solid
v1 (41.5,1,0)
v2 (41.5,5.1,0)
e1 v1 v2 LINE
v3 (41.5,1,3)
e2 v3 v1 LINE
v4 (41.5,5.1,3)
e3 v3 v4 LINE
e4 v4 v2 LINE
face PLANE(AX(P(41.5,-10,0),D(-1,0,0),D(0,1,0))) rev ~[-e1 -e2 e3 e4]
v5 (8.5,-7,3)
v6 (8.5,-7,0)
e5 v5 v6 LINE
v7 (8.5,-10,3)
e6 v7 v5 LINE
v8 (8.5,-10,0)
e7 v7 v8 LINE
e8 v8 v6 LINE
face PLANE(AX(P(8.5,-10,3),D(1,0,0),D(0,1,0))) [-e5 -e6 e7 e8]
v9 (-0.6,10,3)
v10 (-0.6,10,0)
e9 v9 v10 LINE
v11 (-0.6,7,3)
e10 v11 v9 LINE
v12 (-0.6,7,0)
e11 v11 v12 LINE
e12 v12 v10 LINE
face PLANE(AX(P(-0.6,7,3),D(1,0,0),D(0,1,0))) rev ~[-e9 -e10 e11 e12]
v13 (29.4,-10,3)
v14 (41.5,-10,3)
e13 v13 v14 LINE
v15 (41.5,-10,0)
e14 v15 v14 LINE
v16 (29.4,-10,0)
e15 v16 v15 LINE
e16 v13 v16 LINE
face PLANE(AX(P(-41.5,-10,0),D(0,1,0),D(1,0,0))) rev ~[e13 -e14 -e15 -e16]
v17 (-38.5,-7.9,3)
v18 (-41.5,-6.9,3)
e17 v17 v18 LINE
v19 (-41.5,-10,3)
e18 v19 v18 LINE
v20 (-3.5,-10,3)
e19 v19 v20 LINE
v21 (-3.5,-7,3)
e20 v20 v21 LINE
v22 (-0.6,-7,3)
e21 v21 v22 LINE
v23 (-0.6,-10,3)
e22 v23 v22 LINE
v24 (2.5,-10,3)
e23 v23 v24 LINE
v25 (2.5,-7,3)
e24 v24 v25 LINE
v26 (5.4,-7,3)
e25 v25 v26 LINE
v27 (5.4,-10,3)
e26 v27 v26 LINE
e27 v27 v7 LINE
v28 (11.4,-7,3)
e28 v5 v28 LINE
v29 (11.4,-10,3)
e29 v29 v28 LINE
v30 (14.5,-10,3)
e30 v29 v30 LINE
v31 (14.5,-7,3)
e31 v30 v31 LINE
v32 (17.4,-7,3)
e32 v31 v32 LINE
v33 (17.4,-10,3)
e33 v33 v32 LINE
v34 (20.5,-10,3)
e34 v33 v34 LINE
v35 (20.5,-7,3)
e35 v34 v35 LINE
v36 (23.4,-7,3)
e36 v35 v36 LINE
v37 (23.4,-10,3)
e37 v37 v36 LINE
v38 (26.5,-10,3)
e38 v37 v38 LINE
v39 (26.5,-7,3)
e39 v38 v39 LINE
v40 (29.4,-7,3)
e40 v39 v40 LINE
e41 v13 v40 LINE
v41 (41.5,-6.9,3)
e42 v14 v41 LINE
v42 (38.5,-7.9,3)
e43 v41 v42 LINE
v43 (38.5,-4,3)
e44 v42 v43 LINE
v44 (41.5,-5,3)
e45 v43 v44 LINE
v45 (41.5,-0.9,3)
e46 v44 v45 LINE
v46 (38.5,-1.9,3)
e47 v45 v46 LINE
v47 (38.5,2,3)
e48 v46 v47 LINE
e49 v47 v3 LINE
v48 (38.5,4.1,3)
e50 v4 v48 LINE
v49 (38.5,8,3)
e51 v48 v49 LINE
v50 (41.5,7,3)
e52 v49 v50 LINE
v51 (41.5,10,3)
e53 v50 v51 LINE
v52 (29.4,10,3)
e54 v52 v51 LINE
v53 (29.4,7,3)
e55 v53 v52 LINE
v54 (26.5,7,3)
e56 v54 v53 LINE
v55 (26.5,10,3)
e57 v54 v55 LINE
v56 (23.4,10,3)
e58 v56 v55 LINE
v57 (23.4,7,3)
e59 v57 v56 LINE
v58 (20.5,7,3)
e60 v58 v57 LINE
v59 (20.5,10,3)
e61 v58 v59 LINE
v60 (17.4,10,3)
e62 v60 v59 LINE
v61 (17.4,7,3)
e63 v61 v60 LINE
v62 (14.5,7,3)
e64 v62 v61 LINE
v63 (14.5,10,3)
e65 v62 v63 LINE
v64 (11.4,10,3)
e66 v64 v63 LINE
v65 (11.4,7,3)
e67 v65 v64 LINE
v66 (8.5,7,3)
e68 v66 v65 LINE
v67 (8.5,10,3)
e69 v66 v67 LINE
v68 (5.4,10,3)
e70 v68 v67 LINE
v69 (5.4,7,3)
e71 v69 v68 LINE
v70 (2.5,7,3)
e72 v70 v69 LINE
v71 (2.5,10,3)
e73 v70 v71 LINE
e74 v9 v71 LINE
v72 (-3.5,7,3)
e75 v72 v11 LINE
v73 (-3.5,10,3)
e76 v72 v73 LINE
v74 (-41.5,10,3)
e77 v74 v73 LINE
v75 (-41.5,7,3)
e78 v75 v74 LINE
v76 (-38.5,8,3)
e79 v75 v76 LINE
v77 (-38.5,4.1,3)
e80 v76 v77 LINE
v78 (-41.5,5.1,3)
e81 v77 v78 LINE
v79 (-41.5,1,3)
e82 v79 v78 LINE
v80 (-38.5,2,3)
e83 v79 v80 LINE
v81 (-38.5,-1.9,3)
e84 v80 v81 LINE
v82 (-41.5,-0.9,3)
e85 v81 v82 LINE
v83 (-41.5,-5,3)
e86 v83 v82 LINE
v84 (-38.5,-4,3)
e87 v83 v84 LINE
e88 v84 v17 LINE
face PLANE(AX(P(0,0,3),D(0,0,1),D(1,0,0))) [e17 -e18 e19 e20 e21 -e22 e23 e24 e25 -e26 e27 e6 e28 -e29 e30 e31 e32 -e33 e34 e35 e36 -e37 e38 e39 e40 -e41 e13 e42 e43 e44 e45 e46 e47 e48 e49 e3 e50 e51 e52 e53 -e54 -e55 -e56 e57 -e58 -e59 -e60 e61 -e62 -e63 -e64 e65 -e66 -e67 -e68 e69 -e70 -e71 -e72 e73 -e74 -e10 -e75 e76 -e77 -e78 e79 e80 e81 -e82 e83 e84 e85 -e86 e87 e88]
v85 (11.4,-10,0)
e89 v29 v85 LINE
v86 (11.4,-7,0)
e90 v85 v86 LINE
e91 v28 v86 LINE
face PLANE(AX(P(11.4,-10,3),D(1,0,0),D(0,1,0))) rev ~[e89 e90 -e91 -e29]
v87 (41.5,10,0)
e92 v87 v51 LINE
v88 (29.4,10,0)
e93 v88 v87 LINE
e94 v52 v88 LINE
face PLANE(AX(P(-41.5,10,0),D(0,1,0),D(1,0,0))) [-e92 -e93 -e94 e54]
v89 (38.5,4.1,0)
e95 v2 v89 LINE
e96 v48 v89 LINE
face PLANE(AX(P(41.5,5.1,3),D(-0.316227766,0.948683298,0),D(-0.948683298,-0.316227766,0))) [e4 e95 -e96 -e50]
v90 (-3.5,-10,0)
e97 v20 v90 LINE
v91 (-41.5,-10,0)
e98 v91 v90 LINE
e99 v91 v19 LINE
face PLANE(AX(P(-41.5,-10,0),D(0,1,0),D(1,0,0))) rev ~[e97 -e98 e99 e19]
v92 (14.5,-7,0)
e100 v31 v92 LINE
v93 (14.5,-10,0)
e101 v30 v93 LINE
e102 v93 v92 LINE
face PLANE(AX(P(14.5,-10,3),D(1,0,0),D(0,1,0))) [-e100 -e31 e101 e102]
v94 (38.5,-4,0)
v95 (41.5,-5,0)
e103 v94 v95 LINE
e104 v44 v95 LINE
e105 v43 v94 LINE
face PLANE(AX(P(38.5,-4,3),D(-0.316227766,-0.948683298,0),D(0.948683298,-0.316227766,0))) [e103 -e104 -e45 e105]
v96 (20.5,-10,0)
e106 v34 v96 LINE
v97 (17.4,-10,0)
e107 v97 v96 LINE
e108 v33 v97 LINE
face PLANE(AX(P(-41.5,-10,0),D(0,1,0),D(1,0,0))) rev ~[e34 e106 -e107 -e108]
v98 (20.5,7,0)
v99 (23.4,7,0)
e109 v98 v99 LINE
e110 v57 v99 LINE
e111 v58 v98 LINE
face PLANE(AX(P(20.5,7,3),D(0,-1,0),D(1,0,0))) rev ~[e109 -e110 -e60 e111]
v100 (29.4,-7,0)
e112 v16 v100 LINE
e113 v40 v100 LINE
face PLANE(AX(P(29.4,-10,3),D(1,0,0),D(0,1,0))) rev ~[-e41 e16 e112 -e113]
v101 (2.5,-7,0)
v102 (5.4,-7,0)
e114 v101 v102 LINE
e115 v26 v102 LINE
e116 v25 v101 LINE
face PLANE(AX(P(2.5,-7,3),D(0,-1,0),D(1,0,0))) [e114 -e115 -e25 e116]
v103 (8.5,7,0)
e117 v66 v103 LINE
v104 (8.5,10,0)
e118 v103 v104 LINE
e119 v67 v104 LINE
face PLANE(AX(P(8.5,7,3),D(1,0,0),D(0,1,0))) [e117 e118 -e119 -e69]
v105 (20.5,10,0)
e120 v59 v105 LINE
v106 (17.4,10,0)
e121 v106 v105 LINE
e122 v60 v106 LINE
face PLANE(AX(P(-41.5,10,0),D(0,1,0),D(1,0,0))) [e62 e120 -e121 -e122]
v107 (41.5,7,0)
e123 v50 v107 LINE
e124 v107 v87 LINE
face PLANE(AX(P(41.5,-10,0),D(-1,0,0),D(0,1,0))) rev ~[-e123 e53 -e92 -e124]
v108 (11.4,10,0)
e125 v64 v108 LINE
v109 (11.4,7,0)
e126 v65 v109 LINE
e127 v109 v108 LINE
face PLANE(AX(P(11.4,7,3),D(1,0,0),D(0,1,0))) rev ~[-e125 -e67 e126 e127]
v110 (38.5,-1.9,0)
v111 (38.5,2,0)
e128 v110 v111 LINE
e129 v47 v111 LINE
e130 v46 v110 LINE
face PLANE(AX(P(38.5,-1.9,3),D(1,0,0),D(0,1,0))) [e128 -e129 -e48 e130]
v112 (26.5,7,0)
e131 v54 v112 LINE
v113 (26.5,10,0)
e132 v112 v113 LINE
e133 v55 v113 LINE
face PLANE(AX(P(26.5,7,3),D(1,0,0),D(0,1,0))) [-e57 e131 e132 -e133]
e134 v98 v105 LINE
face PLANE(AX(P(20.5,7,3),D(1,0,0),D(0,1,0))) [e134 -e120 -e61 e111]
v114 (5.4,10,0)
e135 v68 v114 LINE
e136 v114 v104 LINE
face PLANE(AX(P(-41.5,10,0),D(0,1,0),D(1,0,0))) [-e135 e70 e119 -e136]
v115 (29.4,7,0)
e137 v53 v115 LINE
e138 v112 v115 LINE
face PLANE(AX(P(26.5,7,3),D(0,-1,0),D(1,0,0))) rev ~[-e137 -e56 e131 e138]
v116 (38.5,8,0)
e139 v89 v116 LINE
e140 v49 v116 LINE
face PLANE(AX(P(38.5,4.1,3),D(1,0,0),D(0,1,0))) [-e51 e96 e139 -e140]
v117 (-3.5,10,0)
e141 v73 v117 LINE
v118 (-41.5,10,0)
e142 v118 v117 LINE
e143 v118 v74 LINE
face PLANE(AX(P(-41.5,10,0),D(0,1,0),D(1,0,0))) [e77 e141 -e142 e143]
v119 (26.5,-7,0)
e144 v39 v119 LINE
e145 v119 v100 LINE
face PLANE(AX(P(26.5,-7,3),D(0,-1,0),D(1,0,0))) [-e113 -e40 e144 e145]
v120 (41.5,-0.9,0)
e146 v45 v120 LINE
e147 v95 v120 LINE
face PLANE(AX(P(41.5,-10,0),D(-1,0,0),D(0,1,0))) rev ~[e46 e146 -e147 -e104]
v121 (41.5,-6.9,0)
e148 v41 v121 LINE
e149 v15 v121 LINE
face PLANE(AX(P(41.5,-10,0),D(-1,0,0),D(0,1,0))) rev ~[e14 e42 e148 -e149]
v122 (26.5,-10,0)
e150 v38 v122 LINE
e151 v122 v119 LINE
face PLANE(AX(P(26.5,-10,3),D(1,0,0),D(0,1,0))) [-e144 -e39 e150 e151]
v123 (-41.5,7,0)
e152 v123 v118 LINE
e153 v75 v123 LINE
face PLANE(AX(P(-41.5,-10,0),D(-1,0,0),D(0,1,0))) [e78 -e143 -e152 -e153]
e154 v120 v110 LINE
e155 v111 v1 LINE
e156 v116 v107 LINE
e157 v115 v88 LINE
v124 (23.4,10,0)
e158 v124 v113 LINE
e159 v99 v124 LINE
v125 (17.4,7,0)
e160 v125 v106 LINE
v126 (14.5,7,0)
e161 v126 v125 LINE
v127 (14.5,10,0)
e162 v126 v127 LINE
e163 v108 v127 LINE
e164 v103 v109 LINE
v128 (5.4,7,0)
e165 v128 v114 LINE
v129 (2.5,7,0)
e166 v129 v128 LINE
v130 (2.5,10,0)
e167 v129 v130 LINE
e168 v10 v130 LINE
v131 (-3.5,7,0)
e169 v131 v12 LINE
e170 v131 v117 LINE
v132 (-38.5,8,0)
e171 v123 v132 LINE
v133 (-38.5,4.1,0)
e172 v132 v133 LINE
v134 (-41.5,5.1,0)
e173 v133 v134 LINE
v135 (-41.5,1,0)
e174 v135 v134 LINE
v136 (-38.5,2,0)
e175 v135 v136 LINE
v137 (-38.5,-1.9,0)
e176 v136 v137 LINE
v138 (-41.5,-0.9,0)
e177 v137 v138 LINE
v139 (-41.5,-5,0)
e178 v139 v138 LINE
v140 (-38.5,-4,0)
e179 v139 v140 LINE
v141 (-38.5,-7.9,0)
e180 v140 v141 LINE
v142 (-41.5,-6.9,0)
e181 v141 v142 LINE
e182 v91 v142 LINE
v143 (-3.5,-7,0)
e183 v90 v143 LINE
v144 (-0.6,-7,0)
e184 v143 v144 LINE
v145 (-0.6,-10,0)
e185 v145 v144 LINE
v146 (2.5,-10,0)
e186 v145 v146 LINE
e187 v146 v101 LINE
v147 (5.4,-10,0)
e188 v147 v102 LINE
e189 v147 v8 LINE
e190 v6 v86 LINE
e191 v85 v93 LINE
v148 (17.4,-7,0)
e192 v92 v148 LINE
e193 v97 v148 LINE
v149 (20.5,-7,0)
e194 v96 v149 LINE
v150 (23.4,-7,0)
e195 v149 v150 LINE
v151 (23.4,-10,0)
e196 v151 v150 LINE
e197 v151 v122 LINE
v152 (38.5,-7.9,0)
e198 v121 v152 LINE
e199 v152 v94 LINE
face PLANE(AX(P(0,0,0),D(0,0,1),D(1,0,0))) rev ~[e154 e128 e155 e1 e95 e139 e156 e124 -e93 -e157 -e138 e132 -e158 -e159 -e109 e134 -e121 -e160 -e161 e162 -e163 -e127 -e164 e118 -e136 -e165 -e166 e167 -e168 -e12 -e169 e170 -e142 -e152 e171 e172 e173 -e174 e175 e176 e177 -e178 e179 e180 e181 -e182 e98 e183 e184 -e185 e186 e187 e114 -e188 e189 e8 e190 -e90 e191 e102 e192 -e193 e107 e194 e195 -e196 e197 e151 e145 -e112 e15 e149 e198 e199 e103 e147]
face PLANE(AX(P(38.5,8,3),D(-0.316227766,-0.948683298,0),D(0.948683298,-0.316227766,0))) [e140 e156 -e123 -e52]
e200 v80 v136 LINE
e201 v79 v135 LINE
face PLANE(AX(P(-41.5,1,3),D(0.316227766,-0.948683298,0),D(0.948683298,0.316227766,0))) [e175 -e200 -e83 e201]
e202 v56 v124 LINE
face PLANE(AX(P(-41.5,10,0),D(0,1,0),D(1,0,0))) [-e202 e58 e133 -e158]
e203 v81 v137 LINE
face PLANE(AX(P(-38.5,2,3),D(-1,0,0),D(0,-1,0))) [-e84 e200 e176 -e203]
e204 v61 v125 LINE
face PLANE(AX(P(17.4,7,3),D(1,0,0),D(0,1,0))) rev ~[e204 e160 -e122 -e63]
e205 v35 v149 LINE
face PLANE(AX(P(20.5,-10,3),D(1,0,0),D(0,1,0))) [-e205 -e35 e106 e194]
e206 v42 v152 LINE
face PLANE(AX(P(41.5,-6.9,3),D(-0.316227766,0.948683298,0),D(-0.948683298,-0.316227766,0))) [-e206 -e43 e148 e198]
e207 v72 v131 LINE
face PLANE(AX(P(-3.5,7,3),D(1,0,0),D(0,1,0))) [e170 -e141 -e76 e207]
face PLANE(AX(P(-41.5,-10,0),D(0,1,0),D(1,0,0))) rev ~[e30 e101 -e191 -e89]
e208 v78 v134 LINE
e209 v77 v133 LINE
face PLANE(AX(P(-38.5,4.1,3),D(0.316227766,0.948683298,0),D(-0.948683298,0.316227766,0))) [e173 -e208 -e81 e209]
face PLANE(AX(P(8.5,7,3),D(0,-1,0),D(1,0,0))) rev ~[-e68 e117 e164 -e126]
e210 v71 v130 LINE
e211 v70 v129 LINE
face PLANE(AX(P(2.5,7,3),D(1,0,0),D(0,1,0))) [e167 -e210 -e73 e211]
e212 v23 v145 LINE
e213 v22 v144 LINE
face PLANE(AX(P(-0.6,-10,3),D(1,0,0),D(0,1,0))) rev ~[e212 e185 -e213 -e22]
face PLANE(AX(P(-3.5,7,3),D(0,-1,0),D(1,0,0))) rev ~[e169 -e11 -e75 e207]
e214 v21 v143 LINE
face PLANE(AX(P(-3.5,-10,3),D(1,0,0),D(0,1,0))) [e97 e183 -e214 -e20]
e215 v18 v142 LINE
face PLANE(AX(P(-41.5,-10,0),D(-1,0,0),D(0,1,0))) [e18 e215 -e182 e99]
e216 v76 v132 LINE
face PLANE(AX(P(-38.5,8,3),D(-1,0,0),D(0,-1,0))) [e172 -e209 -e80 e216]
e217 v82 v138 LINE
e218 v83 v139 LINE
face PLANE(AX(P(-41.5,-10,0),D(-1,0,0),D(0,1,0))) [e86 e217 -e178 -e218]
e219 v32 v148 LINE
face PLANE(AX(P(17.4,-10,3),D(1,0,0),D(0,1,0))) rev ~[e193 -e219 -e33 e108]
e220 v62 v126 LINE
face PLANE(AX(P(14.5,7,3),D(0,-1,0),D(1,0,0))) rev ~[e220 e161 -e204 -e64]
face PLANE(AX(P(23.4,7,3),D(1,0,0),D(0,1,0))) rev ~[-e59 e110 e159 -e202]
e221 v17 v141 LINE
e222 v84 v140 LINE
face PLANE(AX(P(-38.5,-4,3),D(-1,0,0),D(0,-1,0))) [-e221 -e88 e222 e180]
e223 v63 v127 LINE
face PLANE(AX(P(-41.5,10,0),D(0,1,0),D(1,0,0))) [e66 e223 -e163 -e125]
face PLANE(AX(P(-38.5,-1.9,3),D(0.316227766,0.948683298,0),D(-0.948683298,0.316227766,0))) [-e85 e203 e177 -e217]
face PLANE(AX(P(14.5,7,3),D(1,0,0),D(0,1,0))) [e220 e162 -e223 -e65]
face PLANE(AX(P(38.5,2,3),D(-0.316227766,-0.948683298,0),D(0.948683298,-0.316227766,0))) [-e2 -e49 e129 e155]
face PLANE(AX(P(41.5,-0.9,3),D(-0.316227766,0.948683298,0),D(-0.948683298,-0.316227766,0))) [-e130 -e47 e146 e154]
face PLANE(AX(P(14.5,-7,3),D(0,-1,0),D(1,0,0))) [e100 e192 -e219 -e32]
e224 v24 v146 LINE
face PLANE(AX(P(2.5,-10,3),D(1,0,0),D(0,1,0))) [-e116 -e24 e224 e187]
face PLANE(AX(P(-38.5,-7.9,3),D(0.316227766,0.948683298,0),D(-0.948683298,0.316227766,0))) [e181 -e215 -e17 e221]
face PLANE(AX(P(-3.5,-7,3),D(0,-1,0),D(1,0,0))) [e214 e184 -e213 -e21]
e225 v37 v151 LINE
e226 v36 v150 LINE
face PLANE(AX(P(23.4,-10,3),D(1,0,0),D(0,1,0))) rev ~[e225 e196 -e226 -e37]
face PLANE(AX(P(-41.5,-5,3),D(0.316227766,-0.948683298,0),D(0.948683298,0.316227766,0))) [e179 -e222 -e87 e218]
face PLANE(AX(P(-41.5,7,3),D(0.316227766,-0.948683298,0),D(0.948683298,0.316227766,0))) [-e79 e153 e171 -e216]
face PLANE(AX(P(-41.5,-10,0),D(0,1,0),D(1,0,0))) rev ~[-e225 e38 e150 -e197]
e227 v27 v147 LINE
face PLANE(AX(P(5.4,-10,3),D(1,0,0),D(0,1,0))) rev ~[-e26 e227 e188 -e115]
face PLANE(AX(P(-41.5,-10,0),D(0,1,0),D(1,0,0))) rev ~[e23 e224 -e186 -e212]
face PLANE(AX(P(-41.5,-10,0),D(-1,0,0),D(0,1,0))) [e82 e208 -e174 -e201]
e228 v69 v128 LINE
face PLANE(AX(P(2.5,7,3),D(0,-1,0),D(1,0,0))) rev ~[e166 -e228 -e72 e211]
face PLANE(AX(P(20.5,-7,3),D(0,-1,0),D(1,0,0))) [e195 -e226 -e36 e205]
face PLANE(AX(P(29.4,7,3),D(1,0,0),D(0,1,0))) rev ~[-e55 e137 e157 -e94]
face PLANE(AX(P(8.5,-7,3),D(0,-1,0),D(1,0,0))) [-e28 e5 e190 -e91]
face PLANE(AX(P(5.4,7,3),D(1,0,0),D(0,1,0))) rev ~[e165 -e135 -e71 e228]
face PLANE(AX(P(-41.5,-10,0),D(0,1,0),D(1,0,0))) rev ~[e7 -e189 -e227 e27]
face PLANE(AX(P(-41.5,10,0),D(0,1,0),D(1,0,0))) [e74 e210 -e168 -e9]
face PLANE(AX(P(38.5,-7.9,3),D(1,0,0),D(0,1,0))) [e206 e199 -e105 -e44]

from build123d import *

# Parameters (mm, degrees)
SKETCH_W               = 83
SKETCH_H               = 20
PAD_DEPTH              = 3
SKETCH002_W            = 2.9
SKETCH002_H            = 3
POCKET_DEPTH           = 5
LINEARPATTERN_COUNT    = 6
LINEARPATTERN_PITCH    = 6
POCKET001_DEPTH        = 5
LINEARPATTERN001_COUNT = 3
LINEARPATTERN001_PITCH = 6


with BuildPart() as part:
    # Sketch → Pad (new body)
    with BuildSketch(Plane.XY):
        Rectangle(SKETCH_W, SKETCH_H)
    extrude(amount=PAD_DEPTH)

    # Sketch002 → Pocket (cut)
    with BuildSketch(Plane.XY.offset(3)):
        with Locations((-2.05, 8.5)):
            Rectangle(SKETCH002_W, SKETCH002_H)
        with Locations((-2.05, -8.5)):
            Rectangle(SKETCH002_W, SKETCH002_H)
    pocket = extrude(amount=-POCKET_DEPTH, mode=Mode.SUBTRACT)

    # LinearPattern: Pocket ×6
    with Locations(*[(i * LINEARPATTERN_PITCH, 0, 0) for i in range(1, LINEARPATTERN_COUNT)]):
        add(pocket, mode=Mode.SUBTRACT)

    # Sketch003 → Pocket001 (cut)
    with BuildSketch(Plane.XY.offset(3)):
        Polygon((-41.5, 7), (-38.5, 8), (-38.5, 4.1), (-41.5, 5.1), align=None)
        Polygon((38.5, 8), (41.5, 7), (41.5, 5.1), (38.5, 4.1), align=None)
    pocket001 = extrude(amount=-POCKET001_DEPTH, mode=Mode.SUBTRACT)

    # LinearPattern001: Pocket001 ×3
    with Locations(*[(0, -i * LINEARPATTERN001_PITCH, 0) for i in range(1, LINEARPATTERN001_COUNT)]):
        add(pocket001, mode=Mode.SUBTRACT)


solid = part.part
